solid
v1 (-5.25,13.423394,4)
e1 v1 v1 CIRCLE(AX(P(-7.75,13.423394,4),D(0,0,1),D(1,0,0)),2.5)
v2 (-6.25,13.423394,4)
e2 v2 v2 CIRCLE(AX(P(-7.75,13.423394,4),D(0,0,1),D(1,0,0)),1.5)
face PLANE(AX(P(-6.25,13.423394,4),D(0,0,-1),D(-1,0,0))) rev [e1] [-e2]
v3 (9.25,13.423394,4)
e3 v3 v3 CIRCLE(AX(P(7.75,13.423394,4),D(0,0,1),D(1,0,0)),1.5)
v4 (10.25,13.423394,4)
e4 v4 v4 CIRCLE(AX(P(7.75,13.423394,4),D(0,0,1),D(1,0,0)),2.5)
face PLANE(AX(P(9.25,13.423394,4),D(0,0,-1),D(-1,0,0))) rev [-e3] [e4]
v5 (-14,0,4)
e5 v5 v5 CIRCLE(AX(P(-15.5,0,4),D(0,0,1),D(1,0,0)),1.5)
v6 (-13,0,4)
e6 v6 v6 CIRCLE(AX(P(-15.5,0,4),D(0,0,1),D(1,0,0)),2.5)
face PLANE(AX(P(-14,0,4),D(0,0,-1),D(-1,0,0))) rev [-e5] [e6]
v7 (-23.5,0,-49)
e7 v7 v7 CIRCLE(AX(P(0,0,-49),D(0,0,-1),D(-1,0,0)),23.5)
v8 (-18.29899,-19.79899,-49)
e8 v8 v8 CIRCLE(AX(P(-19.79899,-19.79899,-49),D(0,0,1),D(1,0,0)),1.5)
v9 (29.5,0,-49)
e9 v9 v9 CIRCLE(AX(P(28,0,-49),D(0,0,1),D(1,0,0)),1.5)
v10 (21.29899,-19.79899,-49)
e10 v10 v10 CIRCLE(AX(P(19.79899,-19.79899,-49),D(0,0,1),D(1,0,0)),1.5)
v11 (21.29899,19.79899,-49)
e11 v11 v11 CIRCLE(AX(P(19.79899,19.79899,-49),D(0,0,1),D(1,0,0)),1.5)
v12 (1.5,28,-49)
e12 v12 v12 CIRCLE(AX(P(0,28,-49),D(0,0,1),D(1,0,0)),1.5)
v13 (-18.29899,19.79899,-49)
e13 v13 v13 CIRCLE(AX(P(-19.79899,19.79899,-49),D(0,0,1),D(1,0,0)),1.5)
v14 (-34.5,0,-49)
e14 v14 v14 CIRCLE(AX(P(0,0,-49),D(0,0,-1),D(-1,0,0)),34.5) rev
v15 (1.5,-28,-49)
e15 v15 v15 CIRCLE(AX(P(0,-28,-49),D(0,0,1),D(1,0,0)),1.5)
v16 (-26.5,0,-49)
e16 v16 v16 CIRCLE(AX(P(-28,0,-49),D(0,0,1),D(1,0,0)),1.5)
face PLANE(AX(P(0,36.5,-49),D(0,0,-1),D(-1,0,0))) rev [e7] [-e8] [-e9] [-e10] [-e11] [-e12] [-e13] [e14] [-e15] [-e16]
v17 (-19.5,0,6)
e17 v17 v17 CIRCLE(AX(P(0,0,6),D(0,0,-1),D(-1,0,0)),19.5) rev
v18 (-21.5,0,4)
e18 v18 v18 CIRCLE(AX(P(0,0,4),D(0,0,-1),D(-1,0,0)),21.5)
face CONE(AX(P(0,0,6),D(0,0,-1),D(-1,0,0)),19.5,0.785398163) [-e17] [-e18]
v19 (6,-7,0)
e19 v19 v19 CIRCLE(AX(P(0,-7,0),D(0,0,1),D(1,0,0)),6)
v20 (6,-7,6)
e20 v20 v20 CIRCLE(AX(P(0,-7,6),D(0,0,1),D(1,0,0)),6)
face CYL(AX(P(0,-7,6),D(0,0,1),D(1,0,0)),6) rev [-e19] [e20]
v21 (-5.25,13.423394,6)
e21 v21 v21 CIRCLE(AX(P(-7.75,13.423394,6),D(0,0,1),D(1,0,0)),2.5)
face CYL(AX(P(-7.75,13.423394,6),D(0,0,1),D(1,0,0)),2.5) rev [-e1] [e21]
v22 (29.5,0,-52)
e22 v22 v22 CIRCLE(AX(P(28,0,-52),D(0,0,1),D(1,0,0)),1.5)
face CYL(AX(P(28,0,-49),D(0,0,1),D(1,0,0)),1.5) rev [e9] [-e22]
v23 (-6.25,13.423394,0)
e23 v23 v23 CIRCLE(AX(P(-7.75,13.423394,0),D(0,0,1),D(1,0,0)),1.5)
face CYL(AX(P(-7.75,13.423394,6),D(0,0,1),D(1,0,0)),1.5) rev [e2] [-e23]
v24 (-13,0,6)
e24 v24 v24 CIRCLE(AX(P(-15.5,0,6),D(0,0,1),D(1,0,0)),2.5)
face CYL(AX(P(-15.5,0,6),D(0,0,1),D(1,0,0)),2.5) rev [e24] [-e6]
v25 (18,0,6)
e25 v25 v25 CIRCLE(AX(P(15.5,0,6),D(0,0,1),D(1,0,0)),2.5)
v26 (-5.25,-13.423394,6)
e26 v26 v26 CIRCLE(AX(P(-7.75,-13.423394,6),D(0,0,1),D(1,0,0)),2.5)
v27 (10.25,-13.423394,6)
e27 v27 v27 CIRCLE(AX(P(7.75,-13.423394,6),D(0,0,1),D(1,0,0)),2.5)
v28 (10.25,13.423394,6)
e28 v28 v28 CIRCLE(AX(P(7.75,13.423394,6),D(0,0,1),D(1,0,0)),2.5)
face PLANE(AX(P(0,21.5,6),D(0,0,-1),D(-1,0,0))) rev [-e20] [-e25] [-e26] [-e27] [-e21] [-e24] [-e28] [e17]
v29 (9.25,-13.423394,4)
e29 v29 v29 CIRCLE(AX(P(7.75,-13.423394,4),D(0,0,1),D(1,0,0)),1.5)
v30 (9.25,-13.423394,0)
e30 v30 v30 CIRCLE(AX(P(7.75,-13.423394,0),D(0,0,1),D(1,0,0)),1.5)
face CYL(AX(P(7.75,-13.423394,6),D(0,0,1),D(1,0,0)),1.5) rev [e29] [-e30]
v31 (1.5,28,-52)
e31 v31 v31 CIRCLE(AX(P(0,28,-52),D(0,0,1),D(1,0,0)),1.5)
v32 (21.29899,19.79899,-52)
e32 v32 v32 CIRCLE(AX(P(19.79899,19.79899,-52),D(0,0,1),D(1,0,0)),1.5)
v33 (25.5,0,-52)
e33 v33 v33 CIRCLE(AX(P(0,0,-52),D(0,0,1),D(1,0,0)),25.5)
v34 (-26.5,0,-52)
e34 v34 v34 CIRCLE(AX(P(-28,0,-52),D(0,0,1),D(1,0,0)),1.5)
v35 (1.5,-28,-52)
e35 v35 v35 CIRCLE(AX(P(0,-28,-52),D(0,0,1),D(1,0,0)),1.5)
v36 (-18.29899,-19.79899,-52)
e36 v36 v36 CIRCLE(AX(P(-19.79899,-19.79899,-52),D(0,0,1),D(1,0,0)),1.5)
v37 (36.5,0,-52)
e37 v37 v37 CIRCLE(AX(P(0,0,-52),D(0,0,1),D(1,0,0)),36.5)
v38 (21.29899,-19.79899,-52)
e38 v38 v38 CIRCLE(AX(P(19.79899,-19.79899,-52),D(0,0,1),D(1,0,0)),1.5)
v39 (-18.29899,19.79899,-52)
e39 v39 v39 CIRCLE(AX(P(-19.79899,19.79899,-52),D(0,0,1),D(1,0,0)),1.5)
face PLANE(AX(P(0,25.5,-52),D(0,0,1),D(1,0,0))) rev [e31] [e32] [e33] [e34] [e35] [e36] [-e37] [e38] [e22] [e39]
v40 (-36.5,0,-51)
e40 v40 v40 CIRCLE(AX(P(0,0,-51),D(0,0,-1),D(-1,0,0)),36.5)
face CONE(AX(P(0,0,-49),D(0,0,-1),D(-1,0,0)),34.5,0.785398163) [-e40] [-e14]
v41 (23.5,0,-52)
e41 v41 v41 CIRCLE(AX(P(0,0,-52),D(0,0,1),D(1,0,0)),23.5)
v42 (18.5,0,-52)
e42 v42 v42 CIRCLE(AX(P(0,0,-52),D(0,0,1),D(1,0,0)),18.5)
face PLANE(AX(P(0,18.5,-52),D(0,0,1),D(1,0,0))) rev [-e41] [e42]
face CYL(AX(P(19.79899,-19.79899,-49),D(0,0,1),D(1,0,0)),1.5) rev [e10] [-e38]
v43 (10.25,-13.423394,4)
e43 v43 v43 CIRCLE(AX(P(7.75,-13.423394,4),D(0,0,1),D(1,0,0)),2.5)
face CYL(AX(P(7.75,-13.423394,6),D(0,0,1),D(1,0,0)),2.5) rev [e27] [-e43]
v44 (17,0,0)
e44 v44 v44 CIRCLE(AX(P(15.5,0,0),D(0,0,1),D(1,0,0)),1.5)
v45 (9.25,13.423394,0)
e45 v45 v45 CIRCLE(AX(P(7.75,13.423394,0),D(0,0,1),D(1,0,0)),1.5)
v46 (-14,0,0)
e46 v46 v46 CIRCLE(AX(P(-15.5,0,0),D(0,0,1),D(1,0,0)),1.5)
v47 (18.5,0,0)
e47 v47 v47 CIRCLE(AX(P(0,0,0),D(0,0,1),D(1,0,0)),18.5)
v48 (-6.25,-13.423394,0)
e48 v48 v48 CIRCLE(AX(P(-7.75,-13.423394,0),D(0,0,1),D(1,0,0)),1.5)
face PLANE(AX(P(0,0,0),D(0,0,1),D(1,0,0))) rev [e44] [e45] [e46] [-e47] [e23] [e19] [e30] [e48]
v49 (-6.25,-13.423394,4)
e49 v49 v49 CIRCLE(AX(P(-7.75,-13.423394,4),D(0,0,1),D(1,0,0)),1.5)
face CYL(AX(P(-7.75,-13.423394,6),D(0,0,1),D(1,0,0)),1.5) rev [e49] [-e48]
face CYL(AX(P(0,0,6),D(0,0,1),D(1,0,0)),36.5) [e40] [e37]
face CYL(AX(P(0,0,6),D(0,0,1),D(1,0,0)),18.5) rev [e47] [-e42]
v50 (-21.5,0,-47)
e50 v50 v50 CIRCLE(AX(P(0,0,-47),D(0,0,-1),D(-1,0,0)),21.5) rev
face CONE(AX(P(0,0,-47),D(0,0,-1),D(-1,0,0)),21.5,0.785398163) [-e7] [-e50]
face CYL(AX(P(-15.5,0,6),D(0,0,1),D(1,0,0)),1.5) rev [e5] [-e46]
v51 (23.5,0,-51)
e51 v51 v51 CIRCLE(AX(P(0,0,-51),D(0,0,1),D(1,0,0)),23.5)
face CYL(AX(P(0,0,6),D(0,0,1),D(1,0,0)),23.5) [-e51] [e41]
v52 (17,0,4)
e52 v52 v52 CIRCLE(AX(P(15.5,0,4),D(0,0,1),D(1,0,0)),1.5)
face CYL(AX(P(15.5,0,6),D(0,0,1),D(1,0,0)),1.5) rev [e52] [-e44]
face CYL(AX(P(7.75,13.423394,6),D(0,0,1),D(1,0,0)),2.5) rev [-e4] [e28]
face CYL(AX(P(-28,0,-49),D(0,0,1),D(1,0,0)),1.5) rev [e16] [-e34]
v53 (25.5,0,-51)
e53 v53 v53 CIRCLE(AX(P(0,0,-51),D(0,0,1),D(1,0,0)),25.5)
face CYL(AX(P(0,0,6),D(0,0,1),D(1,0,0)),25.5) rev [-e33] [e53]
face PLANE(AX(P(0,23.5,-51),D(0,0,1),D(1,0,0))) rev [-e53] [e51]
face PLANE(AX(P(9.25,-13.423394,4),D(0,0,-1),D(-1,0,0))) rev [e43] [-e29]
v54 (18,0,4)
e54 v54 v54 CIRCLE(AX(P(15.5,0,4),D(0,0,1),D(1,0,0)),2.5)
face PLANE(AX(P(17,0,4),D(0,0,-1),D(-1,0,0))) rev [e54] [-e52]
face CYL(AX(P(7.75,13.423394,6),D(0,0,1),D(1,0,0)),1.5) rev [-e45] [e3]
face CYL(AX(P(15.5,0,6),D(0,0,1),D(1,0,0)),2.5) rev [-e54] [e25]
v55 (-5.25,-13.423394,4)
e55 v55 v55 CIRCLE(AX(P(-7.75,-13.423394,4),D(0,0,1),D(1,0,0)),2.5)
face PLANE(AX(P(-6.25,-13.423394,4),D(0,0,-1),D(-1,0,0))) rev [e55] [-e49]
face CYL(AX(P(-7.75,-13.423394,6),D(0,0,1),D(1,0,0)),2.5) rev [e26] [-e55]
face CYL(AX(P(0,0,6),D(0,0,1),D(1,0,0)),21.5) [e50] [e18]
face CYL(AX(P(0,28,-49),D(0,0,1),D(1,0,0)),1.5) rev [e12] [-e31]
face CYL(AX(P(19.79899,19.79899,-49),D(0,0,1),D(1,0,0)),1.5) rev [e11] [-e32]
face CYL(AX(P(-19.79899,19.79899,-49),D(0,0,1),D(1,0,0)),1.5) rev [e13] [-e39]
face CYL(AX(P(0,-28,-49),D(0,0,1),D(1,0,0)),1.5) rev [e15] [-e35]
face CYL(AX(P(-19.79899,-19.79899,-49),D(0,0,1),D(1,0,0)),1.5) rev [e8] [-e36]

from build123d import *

# Parameters (mm, degrees)
CBORE_FOR_M1_6_HEX_HEAD_CAP_SCREW1_D           = 3
CBORE_FOR_M1_6_HEX_HEAD_CAP_SCREW1_CBORE_D     = 5
CBORE_FOR_M1_6_HEX_HEAD_CAP_SCREW1_CBORE_DEPTH = 2
CIRPATTERN1_COUNT                              = 6
F_12_0MM_DOWEL_HOLE1_D                         = 12
F_12_0MM_DOWEL_HOLE1_DEPTH                     = 15
F_12_0MM_DOWEL_HOLE1_TIP                       = 3.605163714
CHAMFER1_SIZE                                  = 2
CIRPATTERN2_COUNT                              = 8


with BuildPart() as part:
    # Sketch1 → Revolve1 (revolve)
    with BuildSketch(Plane(origin=(0, 0, 0), x_dir=(0, 0, -1), z_dir=(1, 0, 0))):
        Polygon((0, 0), (0, 18.5), (52, 18.5), (52, 23.5), (51, 23.5), (51, 25.5), (52, 25.5), (52, 36.5), (49, 36.5), (49, 21.5), (-6, 21.5), (-6, 0), align=None)
    revolve(axis=Axis((0, 0, 6), (0, 0, -1)))

    # CBORE for M1.6 Hex Head Cap Screw1 (through all)
    with Locations(Plane.XY.offset(6)):
        with Locations((15.5, 0)):
            cbore_for_m1_6_hex_head_cap_screw1 = CounterBoreHole(CBORE_FOR_M1_6_HEX_HEAD_CAP_SCREW1_D / 2, CBORE_FOR_M1_6_HEX_HEAD_CAP_SCREW1_CBORE_D / 2, CBORE_FOR_M1_6_HEX_HEAD_CAP_SCREW1_CBORE_DEPTH)

    # CirPattern1: CBORE for M1.6 Hex Head Cap Screw1 ×6 about axis
    cirpattern1_axis = Axis((0, 0, 0), (0, 0, 1))
    for i in range(1, CIRPATTERN1_COUNT):
        add(cbore_for_m1_6_hex_head_cap_screw1.rotate(cirpattern1_axis, i * 360 / CIRPATTERN1_COUNT), mode=Mode.SUBTRACT)

    # Ø12.0mm Dowel Hole1
    with Locations(Plane.XY.offset(6)):
        with Locations((0, -7)):
            Hole(F_12_0MM_DOWEL_HOLE1_D / 2, depth=F_12_0MM_DOWEL_HOLE1_DEPTH)
            with Locations((0, 0, -(F_12_0MM_DOWEL_HOLE1_DEPTH + F_12_0MM_DOWEL_HOLE1_TIP / 2))):  # 118° drill point
                Cone(0, F_12_0MM_DOWEL_HOLE1_D / 2, F_12_0MM_DOWEL_HOLE1_TIP, mode=Mode.SUBTRACT)

    # Chamfer1
    chamfer1_edges = [part.edges().sort_by_distance(p)[0] for p in [
        (0, -21.5, 6),
        (0, -21.5, -49),
        (0, -36.5, -49),
    ]]
    chamfer(chamfer1_edges, length=CHAMFER1_SIZE)

    # Sketch7 → Ø3.0mm Dowel Hole3 (revolve, cut)
    with BuildSketch(Plane(origin=(0, 28, -49), x_dir=(0, -1, 0), z_dir=(1, 0, 0))):
        Polygon((0, 0), (0, 15.901290929), (1.5, 15), (1.5, 0), align=None)
    f_3_0mm_dowel_hole3 = revolve(axis=Axis((0, 28, -42.65), (0, 0, -1)), mode=Mode.SUBTRACT)

    # CirPattern2: Ø3.0mm Dowel Hole3 ×8 about axis
    cirpattern2_axis = Axis((0, 0, 0), (0, 0, 1))
    for i in range(1, CIRPATTERN2_COUNT):
        add(f_3_0mm_dowel_hole3.rotate(cirpattern2_axis, i * 360 / CIRPATTERN2_COUNT), mode=Mode.SUBTRACT)


solid = part.part
